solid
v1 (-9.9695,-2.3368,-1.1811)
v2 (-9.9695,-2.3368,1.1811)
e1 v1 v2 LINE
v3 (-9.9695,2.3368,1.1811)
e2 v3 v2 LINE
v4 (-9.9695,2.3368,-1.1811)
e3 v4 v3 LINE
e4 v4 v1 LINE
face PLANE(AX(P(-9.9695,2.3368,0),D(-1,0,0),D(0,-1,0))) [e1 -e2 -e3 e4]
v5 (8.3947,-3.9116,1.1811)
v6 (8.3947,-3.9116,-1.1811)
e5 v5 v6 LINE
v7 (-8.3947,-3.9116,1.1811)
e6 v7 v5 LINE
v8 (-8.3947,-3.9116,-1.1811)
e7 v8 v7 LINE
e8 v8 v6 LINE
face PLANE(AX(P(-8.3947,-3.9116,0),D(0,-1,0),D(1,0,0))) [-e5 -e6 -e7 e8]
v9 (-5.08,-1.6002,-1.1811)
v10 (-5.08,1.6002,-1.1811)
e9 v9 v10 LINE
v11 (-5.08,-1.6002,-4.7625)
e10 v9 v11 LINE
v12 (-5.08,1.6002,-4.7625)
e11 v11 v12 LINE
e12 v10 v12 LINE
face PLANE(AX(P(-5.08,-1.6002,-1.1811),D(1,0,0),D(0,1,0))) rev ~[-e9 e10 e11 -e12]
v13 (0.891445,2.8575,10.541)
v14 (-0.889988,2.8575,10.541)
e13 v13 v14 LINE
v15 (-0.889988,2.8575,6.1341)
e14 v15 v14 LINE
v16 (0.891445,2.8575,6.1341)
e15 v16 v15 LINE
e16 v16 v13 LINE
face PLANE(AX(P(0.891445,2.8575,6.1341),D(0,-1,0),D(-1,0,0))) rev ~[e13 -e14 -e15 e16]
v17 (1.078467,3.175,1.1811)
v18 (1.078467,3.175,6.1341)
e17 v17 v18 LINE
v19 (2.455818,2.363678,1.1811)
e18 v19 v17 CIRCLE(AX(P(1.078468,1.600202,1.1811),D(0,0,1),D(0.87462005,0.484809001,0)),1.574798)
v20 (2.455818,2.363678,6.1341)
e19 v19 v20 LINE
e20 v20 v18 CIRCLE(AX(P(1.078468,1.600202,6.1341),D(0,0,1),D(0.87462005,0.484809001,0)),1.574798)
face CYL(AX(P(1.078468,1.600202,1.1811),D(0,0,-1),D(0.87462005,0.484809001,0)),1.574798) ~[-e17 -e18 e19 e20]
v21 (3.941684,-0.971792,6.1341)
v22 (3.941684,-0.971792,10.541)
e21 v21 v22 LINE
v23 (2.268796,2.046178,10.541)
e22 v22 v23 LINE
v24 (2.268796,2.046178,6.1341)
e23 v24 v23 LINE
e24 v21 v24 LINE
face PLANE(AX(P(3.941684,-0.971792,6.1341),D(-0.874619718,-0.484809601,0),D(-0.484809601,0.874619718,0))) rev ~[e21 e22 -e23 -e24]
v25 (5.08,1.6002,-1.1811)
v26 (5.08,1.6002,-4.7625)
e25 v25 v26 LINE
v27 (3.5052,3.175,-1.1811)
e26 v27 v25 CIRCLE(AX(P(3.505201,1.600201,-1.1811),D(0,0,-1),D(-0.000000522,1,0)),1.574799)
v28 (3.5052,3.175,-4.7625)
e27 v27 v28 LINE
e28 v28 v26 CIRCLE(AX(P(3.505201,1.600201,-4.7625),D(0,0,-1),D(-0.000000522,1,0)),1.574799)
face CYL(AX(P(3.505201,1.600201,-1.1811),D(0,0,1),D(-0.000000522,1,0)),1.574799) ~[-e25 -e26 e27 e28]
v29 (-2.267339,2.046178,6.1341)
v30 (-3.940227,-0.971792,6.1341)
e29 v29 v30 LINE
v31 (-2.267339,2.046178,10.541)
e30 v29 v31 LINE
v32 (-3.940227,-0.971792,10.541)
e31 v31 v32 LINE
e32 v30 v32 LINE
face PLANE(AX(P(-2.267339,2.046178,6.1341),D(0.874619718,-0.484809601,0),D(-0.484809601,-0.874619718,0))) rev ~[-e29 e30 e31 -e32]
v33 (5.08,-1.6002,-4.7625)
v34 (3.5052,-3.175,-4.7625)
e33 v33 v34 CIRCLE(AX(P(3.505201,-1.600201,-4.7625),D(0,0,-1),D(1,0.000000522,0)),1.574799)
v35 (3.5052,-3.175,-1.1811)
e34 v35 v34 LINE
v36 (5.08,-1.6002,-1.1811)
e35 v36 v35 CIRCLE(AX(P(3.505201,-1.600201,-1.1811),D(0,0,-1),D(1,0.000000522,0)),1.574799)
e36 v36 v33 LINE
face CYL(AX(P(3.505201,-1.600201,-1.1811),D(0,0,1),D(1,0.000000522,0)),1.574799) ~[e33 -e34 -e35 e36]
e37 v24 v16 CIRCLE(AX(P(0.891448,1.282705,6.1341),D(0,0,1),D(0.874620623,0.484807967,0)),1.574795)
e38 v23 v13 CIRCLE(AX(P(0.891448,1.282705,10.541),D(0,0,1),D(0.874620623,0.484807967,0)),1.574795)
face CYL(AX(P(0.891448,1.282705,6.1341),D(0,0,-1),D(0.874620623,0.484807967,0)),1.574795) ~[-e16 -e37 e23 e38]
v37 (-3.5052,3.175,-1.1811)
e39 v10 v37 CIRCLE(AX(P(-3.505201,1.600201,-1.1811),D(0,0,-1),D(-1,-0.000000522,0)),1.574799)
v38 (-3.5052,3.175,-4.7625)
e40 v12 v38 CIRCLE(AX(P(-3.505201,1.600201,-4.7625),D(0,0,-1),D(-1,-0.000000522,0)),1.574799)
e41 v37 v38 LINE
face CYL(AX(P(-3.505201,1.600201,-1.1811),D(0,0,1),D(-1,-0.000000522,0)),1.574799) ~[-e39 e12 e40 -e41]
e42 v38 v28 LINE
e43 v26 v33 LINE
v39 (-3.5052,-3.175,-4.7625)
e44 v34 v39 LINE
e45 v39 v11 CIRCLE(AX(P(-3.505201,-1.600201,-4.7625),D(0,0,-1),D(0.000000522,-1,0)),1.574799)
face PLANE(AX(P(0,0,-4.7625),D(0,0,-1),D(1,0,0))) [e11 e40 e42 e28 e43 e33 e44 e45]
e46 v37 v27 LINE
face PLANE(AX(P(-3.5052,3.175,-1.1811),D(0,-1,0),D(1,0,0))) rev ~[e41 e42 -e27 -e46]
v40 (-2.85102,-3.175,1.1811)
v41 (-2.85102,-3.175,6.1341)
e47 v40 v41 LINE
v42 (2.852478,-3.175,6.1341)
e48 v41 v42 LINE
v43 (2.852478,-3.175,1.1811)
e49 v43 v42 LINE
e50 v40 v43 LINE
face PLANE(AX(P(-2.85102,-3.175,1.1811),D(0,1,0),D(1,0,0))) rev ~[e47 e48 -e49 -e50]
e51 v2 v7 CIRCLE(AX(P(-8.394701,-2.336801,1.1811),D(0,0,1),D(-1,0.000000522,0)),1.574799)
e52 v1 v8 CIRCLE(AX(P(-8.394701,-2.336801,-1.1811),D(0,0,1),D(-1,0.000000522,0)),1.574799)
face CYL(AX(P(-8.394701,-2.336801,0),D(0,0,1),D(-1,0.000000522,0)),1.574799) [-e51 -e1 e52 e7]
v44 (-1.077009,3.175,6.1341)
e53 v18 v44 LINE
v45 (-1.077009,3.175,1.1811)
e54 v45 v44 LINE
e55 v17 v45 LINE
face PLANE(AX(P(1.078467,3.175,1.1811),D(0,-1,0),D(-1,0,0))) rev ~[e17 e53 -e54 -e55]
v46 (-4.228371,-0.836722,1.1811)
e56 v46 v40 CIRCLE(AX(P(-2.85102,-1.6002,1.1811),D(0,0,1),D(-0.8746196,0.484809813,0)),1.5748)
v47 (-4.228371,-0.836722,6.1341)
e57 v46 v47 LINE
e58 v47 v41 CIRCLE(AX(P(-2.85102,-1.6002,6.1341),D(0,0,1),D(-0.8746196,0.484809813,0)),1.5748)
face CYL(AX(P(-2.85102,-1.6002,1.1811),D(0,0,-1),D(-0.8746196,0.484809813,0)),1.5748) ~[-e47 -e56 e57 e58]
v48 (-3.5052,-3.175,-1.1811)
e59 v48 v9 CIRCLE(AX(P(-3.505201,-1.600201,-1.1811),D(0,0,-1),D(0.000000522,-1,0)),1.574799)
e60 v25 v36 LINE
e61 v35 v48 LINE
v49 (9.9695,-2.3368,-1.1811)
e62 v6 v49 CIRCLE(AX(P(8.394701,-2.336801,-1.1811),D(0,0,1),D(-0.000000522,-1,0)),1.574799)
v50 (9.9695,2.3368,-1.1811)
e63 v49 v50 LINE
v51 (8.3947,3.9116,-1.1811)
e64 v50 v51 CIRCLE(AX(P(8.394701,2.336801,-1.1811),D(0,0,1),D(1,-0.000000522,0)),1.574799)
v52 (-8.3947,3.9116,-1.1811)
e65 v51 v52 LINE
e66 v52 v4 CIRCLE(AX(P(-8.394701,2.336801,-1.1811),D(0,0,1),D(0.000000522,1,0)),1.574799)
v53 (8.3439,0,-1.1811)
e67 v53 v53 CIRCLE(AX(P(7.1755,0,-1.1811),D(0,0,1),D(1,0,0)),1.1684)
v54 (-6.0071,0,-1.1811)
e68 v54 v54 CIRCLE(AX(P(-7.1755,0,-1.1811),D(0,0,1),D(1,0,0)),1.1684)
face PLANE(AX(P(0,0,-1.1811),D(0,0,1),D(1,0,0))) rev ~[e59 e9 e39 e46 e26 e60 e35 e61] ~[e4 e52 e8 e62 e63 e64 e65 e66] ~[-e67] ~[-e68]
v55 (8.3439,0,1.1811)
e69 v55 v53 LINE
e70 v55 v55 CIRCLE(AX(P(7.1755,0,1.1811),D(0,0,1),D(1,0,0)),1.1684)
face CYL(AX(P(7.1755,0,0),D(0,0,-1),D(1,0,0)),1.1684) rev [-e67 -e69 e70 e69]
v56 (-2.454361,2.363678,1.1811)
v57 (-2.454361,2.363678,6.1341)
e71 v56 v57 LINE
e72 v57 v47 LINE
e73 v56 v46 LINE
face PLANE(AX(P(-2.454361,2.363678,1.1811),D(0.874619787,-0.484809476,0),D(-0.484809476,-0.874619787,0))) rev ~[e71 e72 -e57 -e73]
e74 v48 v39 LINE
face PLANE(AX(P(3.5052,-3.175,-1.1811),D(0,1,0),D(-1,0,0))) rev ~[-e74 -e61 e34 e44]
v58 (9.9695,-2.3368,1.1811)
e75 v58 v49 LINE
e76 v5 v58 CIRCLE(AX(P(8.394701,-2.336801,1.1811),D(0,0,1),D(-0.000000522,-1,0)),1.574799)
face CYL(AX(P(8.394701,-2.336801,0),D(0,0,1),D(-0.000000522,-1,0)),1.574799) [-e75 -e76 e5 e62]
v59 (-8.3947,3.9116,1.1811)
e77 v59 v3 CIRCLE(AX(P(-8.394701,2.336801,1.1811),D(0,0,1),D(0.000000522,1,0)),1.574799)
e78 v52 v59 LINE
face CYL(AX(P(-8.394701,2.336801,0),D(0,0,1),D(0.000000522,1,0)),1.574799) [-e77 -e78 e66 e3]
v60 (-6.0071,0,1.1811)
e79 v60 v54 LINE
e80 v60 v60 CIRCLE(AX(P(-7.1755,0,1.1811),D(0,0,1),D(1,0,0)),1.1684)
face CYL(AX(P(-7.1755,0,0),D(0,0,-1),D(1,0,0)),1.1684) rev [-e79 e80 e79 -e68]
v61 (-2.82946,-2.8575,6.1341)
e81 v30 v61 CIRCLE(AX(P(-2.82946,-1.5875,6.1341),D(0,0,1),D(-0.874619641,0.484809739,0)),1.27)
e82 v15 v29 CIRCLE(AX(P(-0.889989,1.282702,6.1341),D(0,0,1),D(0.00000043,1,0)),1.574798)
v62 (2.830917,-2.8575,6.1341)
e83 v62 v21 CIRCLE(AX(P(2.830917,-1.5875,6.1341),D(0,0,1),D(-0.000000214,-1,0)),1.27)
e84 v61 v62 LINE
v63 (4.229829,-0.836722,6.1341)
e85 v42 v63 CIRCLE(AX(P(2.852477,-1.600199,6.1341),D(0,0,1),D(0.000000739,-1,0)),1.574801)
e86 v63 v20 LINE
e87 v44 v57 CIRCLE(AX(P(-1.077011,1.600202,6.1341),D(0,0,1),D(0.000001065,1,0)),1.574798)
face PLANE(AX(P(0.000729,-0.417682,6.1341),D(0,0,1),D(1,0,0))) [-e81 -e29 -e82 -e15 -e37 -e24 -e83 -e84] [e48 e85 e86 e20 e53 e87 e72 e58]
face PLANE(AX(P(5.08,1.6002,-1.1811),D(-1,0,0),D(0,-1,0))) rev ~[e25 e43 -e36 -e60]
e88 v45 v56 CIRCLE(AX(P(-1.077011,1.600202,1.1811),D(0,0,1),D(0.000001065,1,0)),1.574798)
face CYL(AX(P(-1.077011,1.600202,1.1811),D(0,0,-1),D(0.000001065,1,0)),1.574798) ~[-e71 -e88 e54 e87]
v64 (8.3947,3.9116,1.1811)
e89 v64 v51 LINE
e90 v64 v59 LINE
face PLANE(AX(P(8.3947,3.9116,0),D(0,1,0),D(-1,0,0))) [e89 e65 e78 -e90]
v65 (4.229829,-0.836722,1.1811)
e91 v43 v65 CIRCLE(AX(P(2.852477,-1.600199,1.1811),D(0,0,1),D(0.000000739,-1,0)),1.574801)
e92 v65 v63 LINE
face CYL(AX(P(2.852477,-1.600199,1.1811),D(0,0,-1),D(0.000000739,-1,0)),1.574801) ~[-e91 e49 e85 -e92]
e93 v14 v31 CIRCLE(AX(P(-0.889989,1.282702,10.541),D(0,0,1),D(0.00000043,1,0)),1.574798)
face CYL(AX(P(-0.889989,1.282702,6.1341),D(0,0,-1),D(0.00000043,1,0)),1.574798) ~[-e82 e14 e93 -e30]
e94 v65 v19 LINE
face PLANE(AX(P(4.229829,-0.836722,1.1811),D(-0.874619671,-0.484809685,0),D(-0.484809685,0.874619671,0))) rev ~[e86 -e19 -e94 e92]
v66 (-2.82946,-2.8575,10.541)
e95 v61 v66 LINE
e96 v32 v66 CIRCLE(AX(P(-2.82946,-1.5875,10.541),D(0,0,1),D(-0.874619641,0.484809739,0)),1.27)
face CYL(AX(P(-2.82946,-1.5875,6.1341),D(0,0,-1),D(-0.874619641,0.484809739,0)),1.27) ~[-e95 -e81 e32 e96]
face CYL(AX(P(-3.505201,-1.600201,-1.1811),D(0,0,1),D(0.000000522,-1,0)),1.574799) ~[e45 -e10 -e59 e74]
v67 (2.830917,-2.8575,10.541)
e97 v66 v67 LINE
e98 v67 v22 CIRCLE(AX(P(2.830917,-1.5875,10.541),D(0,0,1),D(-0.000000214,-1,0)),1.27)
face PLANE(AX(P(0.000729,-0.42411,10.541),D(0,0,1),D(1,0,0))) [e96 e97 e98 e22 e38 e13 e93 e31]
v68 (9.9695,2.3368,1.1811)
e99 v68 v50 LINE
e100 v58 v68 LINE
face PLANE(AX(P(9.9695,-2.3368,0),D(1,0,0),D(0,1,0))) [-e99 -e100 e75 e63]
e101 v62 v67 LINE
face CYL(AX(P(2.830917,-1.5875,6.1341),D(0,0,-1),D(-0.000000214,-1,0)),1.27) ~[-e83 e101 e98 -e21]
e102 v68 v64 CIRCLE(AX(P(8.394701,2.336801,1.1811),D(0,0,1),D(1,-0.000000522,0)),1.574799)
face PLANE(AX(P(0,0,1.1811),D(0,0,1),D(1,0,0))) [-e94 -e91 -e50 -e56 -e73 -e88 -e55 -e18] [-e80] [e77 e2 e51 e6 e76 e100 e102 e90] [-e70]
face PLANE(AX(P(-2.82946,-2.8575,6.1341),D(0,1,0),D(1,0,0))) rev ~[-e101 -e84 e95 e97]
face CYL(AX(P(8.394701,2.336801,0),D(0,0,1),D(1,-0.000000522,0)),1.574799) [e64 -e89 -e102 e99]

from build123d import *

# Parameters (mm, degrees)
F0_R     = 1.1684
F1_DEPTH = 1.1811
F3_DEPTH = 4.953
F5_DEPTH = 3.5814
F7_DEPTH = 4.4069


with BuildPart() as f1:
    # F0 (on Top) → F1 (new body, symmetric)
    with BuildSketch(Plane.XY):
        with BuildLine():
            Line((8.3947, 3.9116), (-8.3947, 3.9116))
            ThreePointArc((-8.3947, 3.9116), (-9.508252, 3.450352), (-9.9695, 2.3368))
            Line((-9.9695, 2.3368), (-9.9695, -2.3368))
            ThreePointArc((-9.9695, -2.3368), (-9.508252, -3.450352), (-8.3947, -3.9116))
            Line((-8.3947, -3.9116), (8.3947, -3.9116))
            ThreePointArc((8.3947, -3.9116), (9.508252, -3.450352), (9.9695, -2.3368))
            Line((9.9695, -2.3368), (9.9695, 2.3368))
            ThreePointArc((9.9695, 2.3368), (9.508252, 3.450352), (8.3947, 3.9116))
        make_face()
        with Locations((-7.1755, 0)):
            Circle(F0_R, mode=Mode.SUBTRACT)
        with Locations((7.1755, 0)):
            Circle(F0_R, mode=Mode.SUBTRACT)
    extrude(amount=F1_DEPTH, both=True)

    # F2 (on face) → F3 (join)
    with BuildSketch(Plane.XY.offset(1.1811)):
        with BuildLine():
            Line((-2.85102, -3.175), (2.852478, -3.175))
            ThreePointArc((2.852478, -3.175), (4.209371, -2.399471), (4.229829, -0.836722))
            Line((4.229829, -0.836722), (2.455818, 2.363678))
            ThreePointArc((2.455818, 2.363678), (1.877738, 2.957094), (1.078467, 3.175))
            Line((1.078467, 3.175), (-1.077009, 3.175))
            ThreePointArc((-1.077009, 3.175), (-1.876281, 2.957094), (-2.454361, 2.363678))
            Line((-2.454361, 2.363678), (-4.228371, -0.836722))
            ThreePointArc((-4.228371, -0.836722), (-4.207914, -2.399471), (-2.85102, -3.175))
        make_face()
    extrude(amount=F3_DEPTH)

    # F4 (on face) → F5 (join)
    with BuildSketch(Plane(origin=(0, 0, -1.1811), x_dir=(1, 0, 0), z_dir=(0, 0, -1))):
        with BuildLine():
            Line((3.5052, 3.175), (-3.5052, 3.175))
            ThreePointArc((-3.5052, 3.175), (-4.618752, 2.713752), (-5.08, 1.6002))
            Line((-5.08, 1.6002), (-5.08, -1.6002))
            ThreePointArc((-5.08, -1.6002), (-4.618752, -2.713752), (-3.5052, -3.175))
            Line((-3.5052, -3.175), (3.5052, -3.175))
            ThreePointArc((3.5052, -3.175), (4.618752, -2.713752), (5.08, -1.6002))
            Line((5.08, -1.6002), (5.08, 1.6002))
            ThreePointArc((5.08, 1.6002), (4.618752, 2.713752), (3.5052, 3.175))
        make_face()
    extrude(amount=F5_DEPTH)

    # F6 (on face) → F7 (join)
    with BuildSketch(Plane.XY.offset(6.1341)):
        with BuildLine():
            Line((0.891445, 2.8575), (-0.889988, 2.8575))
            ThreePointArc((-0.889988, 2.8575), (-1.689259, 2.639594), (-2.267339, 2.046178))
            Line((-2.267339, 2.046178), (-3.940227, -0.971792))
            ThreePointArc((-3.940227, -0.971792), (-3.923729, -2.232074), (-2.82946, -2.8575))
            Line((-2.82946, -2.8575), (2.830917, -2.8575))
            ThreePointArc((2.830917, -2.8575), (3.925186, -2.232074), (3.941684, -0.971792))
            Line((3.941684, -0.971792), (2.268796, 2.046178))
            ThreePointArc((2.268796, 2.046178), (1.690717, 2.639594), (0.891445, 2.8575))
        make_face()
    extrude(amount=F7_DEPTH)


solid = f1.part
